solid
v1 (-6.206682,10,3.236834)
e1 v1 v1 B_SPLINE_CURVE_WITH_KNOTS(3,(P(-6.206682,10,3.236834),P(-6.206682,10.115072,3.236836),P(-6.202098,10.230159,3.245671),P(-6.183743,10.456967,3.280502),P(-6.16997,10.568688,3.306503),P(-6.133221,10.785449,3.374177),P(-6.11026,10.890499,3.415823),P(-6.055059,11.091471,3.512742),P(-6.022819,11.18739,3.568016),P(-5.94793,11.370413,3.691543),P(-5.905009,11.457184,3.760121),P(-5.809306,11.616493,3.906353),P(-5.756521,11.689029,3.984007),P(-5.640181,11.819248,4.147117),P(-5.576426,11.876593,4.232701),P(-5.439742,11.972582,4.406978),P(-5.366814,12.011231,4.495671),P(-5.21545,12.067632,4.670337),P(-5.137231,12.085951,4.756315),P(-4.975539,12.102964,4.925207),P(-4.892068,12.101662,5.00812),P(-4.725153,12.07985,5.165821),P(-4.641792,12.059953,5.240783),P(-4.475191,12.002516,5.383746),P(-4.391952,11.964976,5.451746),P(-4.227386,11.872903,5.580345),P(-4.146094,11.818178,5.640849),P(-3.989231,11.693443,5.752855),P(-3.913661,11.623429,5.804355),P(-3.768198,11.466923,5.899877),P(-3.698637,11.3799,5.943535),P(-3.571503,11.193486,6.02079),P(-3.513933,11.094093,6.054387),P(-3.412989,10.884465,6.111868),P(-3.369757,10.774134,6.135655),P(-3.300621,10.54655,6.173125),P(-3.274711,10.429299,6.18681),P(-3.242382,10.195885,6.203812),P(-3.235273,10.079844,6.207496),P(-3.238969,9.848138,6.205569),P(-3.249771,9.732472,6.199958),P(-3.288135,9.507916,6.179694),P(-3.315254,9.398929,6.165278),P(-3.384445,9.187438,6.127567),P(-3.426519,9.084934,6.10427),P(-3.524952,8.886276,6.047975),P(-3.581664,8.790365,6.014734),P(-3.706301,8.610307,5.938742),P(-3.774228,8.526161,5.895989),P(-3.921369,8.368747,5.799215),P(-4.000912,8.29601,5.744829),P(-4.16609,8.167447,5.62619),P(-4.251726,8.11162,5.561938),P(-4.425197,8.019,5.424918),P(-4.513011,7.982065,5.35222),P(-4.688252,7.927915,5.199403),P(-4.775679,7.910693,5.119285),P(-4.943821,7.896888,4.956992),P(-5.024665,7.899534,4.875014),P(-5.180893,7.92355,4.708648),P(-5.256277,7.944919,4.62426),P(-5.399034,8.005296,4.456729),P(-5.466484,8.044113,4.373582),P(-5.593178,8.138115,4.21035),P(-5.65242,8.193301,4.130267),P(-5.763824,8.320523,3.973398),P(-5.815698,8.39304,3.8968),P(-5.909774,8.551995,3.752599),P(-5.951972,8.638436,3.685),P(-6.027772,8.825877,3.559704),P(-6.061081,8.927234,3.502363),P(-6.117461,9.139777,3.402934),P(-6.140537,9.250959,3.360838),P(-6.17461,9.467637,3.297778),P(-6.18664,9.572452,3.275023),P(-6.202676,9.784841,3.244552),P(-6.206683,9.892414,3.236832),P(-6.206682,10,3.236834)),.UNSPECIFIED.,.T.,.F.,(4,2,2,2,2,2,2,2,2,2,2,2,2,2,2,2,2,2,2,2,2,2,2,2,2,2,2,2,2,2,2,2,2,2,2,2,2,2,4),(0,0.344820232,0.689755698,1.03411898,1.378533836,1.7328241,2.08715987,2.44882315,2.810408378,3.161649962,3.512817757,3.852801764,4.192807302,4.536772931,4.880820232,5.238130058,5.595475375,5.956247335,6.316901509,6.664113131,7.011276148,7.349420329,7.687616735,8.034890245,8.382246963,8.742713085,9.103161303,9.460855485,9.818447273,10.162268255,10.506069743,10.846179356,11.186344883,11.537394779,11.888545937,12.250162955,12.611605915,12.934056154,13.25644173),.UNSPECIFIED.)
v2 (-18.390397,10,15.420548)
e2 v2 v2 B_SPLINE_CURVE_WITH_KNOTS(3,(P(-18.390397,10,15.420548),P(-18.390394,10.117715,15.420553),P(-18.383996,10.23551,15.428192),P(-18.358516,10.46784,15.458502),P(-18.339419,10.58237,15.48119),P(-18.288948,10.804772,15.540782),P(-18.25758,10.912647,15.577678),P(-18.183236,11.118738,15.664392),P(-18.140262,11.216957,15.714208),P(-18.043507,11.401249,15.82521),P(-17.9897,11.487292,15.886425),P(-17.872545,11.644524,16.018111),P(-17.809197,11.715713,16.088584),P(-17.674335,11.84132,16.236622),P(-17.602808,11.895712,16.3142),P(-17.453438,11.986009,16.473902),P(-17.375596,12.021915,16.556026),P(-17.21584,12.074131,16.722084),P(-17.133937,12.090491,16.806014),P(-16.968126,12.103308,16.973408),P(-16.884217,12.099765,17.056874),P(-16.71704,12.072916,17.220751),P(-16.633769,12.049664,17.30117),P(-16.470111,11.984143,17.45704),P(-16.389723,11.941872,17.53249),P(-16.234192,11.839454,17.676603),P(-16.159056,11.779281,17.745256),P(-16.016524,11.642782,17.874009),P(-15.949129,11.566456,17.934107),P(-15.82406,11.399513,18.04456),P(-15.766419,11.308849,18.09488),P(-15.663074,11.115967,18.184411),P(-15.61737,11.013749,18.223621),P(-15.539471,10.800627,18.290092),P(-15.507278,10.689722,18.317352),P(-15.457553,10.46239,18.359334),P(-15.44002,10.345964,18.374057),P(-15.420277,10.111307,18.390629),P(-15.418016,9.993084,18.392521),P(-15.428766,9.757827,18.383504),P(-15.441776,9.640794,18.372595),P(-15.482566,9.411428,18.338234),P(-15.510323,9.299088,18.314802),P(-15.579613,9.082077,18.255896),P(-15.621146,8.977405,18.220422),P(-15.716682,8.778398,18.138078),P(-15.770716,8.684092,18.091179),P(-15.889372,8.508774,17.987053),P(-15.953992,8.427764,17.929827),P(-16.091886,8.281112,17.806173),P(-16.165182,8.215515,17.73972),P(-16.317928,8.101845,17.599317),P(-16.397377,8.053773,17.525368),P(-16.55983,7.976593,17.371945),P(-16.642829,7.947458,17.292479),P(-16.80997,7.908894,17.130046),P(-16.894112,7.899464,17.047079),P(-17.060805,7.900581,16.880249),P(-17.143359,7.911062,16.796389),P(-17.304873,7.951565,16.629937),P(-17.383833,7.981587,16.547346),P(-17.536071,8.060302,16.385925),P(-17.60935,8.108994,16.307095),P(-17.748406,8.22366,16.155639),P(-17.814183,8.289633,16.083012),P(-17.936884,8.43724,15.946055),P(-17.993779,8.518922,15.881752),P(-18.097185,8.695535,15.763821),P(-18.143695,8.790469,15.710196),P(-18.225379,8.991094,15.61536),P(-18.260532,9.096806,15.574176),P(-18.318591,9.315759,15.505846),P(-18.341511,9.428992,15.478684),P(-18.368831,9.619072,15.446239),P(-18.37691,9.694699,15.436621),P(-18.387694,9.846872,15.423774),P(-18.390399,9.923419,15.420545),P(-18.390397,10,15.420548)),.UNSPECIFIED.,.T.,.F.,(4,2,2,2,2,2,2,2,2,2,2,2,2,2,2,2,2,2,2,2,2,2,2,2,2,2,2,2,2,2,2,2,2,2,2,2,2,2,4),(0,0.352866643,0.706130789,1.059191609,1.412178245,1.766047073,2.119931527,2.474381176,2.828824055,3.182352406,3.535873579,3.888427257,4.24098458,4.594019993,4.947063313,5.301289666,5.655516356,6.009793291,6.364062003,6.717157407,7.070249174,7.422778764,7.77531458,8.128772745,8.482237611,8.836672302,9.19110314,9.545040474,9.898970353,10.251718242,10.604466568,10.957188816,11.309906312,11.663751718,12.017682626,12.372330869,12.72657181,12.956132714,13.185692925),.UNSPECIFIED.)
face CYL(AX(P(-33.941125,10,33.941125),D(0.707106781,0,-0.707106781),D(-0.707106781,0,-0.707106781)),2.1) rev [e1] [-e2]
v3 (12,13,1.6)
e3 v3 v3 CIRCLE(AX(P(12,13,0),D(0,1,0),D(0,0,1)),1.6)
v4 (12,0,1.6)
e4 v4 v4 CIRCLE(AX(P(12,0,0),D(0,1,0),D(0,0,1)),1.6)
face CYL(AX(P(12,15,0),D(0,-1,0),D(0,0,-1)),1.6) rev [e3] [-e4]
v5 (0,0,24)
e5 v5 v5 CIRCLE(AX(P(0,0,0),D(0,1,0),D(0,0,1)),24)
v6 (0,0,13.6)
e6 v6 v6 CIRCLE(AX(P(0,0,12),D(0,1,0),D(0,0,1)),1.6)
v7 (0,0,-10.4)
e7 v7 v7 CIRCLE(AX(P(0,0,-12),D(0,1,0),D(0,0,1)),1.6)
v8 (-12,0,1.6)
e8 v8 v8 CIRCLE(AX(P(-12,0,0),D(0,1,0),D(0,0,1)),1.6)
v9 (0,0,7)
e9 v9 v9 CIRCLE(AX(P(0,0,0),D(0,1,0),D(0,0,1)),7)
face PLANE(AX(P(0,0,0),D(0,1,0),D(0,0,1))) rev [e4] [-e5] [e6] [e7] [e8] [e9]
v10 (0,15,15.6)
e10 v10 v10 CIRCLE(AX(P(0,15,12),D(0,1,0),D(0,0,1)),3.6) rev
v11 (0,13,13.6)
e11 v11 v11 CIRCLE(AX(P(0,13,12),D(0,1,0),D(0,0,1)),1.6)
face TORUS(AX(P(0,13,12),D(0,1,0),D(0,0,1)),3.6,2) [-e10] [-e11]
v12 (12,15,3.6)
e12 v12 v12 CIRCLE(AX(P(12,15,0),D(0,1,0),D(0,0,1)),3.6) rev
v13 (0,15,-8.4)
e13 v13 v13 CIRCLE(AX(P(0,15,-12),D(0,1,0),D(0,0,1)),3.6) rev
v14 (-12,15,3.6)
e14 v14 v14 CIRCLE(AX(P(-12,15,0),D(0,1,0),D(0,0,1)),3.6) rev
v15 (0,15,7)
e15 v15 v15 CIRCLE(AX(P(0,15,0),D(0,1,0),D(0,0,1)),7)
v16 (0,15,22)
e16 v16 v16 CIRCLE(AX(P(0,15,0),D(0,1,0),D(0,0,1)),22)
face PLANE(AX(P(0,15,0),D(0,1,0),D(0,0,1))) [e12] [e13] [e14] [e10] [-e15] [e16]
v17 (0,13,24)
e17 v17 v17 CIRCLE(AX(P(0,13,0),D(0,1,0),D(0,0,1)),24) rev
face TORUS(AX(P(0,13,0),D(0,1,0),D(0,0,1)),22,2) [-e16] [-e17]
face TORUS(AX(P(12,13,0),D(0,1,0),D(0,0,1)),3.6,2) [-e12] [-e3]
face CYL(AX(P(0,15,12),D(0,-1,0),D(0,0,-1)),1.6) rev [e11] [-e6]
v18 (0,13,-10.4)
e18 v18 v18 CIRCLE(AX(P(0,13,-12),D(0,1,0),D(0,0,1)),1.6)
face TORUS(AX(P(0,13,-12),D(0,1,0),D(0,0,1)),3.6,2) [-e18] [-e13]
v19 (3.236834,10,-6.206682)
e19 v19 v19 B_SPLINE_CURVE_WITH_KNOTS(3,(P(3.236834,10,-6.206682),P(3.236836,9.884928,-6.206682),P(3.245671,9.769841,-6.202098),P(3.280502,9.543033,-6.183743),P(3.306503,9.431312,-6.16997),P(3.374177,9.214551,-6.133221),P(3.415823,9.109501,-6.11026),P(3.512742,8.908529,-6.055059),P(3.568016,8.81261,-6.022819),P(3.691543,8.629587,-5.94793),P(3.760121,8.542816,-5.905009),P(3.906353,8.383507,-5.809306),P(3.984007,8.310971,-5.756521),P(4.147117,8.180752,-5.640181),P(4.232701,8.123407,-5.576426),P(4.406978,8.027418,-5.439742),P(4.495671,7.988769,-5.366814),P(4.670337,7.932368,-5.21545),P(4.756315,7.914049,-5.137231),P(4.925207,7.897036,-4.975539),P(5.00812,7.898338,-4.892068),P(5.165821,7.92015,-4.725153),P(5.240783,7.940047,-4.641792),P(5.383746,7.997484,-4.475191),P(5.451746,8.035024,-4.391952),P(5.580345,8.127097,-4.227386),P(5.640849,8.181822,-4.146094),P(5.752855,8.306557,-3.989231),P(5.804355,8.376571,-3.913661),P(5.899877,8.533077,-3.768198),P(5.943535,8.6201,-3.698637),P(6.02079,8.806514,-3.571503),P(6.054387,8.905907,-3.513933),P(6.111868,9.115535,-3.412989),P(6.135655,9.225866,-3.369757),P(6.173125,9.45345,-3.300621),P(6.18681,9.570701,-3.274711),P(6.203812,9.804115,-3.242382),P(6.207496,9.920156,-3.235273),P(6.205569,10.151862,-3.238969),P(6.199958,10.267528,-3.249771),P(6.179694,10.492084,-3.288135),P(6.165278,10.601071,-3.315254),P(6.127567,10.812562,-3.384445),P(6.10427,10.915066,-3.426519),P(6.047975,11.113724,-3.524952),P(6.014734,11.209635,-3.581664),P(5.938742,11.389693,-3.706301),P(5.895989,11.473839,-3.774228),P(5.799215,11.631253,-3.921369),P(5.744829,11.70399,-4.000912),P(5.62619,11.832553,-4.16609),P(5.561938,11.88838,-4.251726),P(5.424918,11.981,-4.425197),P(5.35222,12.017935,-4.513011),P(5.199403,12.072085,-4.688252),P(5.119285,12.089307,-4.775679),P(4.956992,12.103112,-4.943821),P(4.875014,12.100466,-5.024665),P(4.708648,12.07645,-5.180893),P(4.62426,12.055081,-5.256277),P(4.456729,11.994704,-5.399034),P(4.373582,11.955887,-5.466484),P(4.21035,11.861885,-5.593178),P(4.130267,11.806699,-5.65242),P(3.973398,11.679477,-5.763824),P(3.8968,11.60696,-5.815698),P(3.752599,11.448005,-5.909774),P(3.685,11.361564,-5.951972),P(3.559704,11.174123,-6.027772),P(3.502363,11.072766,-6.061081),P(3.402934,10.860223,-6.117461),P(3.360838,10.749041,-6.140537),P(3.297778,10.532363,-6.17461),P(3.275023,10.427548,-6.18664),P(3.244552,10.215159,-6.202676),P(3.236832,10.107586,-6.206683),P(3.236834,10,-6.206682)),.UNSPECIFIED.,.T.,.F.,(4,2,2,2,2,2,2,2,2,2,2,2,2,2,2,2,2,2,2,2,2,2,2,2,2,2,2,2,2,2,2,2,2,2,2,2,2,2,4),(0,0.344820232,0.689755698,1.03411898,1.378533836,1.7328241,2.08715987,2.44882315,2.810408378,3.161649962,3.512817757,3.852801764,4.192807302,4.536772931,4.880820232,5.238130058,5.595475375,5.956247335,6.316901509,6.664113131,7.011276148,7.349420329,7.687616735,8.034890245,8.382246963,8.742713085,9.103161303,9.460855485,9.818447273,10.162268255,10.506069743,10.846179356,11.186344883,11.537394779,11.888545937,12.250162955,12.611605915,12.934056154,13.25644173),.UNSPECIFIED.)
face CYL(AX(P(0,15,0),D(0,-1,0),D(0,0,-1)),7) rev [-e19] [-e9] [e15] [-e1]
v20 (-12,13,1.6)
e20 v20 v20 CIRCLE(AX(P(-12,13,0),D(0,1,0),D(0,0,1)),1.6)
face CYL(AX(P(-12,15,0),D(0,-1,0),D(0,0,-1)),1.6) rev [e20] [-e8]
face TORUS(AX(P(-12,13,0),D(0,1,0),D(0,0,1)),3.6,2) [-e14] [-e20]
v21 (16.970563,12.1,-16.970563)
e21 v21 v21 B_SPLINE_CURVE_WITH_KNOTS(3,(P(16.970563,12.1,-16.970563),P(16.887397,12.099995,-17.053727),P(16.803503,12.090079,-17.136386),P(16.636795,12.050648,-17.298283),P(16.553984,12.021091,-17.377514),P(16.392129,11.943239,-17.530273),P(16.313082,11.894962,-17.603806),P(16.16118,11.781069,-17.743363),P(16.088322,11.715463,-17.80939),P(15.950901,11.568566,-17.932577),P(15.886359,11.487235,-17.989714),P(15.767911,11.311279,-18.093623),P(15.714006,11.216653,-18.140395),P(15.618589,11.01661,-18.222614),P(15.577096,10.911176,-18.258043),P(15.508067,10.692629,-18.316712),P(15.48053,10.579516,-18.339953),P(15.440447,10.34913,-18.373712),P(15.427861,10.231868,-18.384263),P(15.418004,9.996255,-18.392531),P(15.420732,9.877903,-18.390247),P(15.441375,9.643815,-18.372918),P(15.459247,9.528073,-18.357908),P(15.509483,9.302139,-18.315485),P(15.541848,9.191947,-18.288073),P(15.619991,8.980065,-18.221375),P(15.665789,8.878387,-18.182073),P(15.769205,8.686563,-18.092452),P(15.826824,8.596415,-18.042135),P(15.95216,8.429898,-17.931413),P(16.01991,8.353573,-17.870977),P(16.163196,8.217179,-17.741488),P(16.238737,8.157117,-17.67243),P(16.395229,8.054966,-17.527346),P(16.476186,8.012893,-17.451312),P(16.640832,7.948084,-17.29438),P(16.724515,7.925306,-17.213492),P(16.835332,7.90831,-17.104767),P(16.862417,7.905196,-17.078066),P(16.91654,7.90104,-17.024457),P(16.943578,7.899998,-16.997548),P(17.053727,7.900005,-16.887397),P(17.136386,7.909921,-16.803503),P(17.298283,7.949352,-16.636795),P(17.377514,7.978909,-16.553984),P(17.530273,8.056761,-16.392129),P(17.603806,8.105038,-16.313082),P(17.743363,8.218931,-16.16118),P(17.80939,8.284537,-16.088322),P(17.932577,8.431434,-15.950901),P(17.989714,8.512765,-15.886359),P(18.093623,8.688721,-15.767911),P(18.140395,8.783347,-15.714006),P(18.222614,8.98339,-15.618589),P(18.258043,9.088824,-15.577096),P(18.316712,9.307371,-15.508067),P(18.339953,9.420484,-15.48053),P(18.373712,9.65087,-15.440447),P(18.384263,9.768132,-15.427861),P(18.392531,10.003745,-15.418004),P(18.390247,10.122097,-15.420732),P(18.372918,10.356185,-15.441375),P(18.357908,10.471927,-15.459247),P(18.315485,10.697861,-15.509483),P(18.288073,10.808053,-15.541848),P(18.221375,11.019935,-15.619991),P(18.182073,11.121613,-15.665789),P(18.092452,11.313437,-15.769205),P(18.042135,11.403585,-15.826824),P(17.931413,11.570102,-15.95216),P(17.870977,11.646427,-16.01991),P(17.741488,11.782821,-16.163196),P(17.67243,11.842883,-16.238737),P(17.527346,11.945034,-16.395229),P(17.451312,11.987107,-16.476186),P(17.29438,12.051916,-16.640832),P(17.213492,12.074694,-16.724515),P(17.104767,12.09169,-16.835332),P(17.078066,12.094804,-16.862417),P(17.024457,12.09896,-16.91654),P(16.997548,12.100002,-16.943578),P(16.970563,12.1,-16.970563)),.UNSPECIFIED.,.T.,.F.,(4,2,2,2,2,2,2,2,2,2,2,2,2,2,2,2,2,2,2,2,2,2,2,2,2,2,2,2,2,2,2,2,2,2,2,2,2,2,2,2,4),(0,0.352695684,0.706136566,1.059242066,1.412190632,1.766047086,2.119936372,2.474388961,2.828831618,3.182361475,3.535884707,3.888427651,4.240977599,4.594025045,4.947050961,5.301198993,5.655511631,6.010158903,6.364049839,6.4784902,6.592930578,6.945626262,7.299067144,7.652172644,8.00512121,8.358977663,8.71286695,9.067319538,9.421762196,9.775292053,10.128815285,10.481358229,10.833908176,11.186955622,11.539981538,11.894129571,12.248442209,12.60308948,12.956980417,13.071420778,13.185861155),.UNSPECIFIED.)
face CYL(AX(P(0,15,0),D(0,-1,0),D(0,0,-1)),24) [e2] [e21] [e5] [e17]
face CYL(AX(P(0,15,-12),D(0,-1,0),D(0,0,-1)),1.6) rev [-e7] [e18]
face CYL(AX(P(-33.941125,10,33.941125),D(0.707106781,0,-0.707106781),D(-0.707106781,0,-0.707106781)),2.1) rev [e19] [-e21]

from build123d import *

# Parameters (mm, degrees)
SKETCH1_R           = 24
SKETCH1_R_2         = 7
SKETCH1_R_3         = 1.6
BOSS_EXTRUDE1_DEPTH = 15
BOSS_EXTRUDE2_START = -16
BOSS_EXTRUDE2_DEPTH = 16
CUT_EXTRUDE1_DEPTH  = 72
CUT_EXTRUDE2_START  = -72
CUT_EXTRUDE2_DEPTH  = 72
FILLET3_R           = 2


with BuildPart() as part:
    # Sketch1 → Boss-Extrude1 (new body)
    with BuildSketch(Plane(origin=(0, 0, 0), x_dir=(1, 0, 0), z_dir=(0, 1, 0))):
        with Locations(Location((0, 0, 0), (0, 0, 270))):
            Circle(SKETCH1_R)
        with Locations(Location((0, 0, 0), (0, 0, 270))):
            Circle(SKETCH1_R_2, mode=Mode.SUBTRACT)
        with Locations(Location((0, 12, 0), (0, 0, 270))):
            Circle(SKETCH1_R_3, mode=Mode.SUBTRACT)
        with Locations(Location((12, 0, 0), (0, 0, 270))):
            Circle(SKETCH1_R_3, mode=Mode.SUBTRACT)
        with Locations(Location((0, -12, 0), (0, 0, 270))):
            Circle(SKETCH1_R_3, mode=Mode.SUBTRACT)
        with Locations(Location((-12, 0, 0), (0, 0, 270))):
            Circle(SKETCH1_R_3, mode=Mode.SUBTRACT)
    extrude(amount=BOSS_EXTRUDE1_DEPTH)

    # Sketch3 → Boss-Extrude2 (add)
    with BuildSketch(Plane(origin=(0, 15, 0), x_dir=(1, 0, 0), z_dir=(0, 1, 0)).offset(BOSS_EXTRUDE2_START)):
        with BuildLine():
            Line((16.970562748, 16.970562748), (25.455844123, 8.485281374))
            Line((25.455844123, 8.485281374), (23.182219831, 6.211657082))
            ThreePointArc((23.182219831, 6.211657082), (20.784609691, 12), (16.970562748, 16.970562748))
        make_face()
    extrude(amount=BOSS_EXTRUDE2_DEPTH)

    # Sketch4 → Cut-Extrude1 (cut)
    with BuildSketch(Plane(origin=(16.970562748, 0, -16.970562748), x_dir=(-0.7071067811865489, 0, -0.7071067811865461), z_dir=(0.7071067811865461, 0, -0.7071067811865489))):
        with BuildLine():
            ThreePointArc((0, 12.1), (-2.1, 10), (0, 7.9))
            Line((0, 7.9), (0, 10))
            Line((0, 10), (0, 12.1))
        make_face()
        with BuildLine():
            Line((0, 10), (0, 7.9))
            ThreePointArc((0, 7.9), (1.48492424, 8.51507576), (2.1, 10))
            ThreePointArc((2.1, 10), (1.48492424, 11.48492424), (0, 12.1))
            Line((0, 12.1), (0, 10))
        make_face()
    extrude(amount=-CUT_EXTRUDE1_DEPTH, mode=Mode.SUBTRACT)

    # Sketch5 → Cut-Extrude2 (cut)
    with BuildSketch(Plane(origin=(0, 15, 0), x_dir=(1, 0, 0), z_dir=(0, 1, 0)).offset(CUT_EXTRUDE2_START)):
        with BuildLine():
            Line((23.182219831, 6.211657082), (25.455844123, 8.485281374))
            Line((25.455844123, 8.485281374), (16.970562748, 16.970562748))
            ThreePointArc((16.970562748, 16.970562748), (20.784609691, 12), (23.182219831, 6.211657082))
        make_face()
    extrude(amount=CUT_EXTRUDE2_DEPTH, mode=Mode.SUBTRACT)

    # Fillet3
    fillet3_edges = [part.edges().sort_by_distance(p)[0] for p in [
        (12, 15, -1.6),
        (0, 15, 10.4),
        (-12, 15, -1.6),
        (-20.784609691, 15, 12),
        (0, 15, -13.6),
    ]]
    fillet(fillet3_edges, radius=FILLET3_R)


solid = part.part
